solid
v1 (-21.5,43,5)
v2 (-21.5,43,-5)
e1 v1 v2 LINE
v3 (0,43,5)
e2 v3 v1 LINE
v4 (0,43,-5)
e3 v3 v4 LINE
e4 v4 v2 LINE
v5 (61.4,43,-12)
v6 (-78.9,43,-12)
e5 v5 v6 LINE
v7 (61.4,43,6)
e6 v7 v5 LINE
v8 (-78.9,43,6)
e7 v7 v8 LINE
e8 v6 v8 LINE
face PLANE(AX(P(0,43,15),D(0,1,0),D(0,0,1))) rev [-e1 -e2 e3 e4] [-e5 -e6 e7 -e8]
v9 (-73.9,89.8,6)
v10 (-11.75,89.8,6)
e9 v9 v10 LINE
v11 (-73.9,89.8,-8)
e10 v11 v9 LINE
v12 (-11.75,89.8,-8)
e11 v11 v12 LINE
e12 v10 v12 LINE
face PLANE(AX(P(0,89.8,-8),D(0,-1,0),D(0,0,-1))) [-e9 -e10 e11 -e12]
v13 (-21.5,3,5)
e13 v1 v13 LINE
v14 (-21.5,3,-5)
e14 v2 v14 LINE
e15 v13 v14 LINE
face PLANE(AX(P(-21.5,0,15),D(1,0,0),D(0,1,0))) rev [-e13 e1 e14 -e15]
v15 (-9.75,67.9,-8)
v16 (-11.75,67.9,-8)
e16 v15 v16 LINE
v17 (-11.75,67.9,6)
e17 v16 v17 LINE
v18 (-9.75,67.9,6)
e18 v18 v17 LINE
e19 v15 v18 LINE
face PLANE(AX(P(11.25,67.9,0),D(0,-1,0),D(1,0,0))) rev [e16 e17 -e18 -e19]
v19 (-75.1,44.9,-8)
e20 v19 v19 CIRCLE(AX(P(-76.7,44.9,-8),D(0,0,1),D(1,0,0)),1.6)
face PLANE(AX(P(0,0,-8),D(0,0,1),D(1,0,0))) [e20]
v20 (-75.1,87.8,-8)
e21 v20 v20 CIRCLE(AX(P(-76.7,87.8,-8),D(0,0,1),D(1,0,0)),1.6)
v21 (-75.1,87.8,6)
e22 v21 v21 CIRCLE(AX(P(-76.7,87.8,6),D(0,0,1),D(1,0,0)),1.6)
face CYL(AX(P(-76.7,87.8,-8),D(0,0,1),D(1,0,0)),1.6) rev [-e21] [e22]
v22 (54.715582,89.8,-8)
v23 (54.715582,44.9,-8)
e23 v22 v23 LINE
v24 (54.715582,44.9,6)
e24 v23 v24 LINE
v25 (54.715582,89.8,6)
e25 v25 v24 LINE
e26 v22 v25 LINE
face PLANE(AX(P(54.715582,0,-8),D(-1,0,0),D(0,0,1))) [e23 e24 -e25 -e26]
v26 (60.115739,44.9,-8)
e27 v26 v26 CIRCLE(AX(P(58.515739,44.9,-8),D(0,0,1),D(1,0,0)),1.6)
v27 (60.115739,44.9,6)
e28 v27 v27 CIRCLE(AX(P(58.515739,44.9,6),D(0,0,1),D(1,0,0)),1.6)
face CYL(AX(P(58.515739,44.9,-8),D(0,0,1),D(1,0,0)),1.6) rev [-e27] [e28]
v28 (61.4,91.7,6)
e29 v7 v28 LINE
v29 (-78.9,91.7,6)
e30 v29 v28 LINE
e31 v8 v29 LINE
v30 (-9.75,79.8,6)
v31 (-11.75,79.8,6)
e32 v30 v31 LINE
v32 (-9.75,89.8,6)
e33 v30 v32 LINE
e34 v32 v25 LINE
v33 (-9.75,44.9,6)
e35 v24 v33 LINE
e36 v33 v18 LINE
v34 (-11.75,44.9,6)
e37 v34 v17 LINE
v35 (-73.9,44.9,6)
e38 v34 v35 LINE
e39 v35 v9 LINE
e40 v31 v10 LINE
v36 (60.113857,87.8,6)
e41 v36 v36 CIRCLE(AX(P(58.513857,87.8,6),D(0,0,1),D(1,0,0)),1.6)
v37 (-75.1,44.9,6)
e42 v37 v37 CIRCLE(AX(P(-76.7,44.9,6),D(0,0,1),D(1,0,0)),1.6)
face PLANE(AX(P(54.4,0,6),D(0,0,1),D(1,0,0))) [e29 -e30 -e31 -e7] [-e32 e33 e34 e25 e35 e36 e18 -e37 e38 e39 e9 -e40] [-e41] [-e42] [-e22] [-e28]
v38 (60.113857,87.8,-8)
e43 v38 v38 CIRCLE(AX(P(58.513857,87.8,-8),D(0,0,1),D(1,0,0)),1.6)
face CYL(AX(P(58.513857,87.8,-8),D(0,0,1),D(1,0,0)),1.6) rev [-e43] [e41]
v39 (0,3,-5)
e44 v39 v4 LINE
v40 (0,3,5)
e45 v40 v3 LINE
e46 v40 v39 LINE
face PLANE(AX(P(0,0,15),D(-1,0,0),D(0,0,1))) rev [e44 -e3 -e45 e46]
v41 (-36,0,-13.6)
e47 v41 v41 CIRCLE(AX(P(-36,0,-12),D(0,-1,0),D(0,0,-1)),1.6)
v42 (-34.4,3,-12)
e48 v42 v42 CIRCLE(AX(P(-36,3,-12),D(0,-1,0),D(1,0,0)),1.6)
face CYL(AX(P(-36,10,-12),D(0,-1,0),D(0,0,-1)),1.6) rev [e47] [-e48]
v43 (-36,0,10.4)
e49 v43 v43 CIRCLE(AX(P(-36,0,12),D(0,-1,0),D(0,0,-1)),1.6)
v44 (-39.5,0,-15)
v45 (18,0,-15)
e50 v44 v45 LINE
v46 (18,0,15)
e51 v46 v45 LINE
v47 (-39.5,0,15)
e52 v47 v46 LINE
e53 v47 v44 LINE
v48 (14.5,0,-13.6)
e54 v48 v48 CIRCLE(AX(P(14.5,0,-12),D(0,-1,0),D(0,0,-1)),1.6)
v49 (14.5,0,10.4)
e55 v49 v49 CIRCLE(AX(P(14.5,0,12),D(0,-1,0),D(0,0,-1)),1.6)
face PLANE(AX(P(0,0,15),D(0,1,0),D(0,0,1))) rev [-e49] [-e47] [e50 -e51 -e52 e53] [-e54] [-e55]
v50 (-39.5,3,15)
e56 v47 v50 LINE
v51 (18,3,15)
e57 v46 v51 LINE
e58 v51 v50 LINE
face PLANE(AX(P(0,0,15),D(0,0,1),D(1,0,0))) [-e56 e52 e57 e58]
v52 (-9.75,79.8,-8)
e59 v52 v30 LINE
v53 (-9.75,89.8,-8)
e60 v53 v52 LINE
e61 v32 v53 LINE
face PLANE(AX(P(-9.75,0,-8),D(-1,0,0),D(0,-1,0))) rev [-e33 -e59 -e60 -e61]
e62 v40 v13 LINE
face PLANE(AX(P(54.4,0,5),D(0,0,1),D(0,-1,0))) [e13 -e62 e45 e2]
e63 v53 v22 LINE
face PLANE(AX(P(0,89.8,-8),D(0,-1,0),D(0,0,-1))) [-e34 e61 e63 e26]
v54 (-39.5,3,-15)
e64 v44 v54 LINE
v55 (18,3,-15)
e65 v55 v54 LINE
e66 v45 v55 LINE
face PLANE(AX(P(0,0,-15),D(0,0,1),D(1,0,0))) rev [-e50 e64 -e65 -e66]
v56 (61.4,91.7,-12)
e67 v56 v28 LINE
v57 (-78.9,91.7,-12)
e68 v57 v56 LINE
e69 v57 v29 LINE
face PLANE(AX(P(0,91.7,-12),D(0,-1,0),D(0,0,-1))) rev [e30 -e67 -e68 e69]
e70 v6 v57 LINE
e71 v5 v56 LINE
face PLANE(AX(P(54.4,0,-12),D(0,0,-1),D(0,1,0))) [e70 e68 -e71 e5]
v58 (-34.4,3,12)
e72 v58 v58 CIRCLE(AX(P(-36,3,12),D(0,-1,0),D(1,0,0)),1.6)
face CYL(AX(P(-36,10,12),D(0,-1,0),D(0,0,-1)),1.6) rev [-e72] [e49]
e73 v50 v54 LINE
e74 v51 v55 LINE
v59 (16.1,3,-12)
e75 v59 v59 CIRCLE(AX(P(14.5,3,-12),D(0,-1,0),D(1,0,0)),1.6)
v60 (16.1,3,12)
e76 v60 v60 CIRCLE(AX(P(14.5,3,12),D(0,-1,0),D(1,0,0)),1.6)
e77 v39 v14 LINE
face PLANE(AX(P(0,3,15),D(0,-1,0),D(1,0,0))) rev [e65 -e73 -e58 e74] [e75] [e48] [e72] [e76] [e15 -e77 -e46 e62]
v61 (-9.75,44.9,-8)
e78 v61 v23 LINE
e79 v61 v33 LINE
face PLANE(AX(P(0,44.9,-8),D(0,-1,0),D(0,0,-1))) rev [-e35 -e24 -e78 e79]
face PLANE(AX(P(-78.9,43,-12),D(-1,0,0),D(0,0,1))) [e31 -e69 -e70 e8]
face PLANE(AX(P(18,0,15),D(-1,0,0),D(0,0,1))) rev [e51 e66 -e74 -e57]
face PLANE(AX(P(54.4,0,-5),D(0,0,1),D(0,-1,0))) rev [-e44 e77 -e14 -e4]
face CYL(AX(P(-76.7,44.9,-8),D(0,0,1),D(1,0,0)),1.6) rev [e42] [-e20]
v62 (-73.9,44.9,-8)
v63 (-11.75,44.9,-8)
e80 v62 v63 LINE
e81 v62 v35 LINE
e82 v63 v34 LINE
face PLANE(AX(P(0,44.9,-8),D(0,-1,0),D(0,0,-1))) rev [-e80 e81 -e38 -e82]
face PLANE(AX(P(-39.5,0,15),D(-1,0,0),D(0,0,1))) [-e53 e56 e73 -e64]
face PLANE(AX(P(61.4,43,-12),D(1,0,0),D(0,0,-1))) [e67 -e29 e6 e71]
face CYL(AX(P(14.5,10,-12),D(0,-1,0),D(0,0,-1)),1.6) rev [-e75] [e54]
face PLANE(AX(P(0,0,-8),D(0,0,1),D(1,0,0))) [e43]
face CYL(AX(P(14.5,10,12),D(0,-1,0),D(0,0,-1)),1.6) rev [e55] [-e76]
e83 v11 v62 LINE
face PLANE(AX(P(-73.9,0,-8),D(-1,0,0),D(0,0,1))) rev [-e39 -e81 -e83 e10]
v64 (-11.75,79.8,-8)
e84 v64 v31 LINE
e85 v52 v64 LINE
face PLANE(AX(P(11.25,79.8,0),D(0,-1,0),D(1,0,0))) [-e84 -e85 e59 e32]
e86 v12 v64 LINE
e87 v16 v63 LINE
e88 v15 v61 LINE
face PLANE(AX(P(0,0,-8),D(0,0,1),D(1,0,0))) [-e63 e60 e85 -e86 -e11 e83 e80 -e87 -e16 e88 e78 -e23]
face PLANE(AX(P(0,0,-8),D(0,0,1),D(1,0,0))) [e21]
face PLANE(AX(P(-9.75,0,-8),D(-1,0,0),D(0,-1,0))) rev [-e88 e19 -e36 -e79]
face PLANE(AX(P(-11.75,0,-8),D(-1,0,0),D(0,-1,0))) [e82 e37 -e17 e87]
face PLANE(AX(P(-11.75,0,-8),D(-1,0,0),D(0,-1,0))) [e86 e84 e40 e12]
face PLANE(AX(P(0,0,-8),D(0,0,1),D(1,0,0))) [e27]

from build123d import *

# Parameters (mm, degrees)
SKETCH_1_W               = 126.3
SKETCH_1_H               = 42.9
SKETCH_1_W_2             = 2
SKETCH_1_W_3             = 62.15
EXTRUDE_6_DEPTH          = 15
SKETCH_2_W               = 62.15
SKETCH_2_H               = 42.9
CUT_EXTRUDE_1_DEPTH      = 23
SKETCH_4_W               = 10
SKETCH_4_H               = 40
CUT_EXTRUDE_2_DEPTH      = 159.899905601
CUT_EXTRUDE_3_DEPTH      = 119.456321064
CUT_EXTRUDE_3_DEPTH_BACK = 119.456321064
SKETCH_5_W               = 10
SKETCH_5_H               = 40
CUT_EXTRUDE_4_DEPTH      = 159.899905601
CUT_EXTRUDE_4_DEPTH_BACK = 159.899905601
SKETCH_6_W               = 9
SKETCH_6_H               = 46.7
SKETCH_7_W               = 14
SKETCH_7_H               = 11.9
CUT_EXTRUDE_5_DEPTH      = 23
SKETCH_9_R               = 1.6
CUT_EXTRUDE_6_DEPTH      = 10
CUT_EXTRUDE_7_DEPTH      = 159.899905601
CUT_EXTRUDE_7_DEPTH_BACK = 159.899905601
SKETCH_11_W              = 3
SKETCH_11_H              = 46.7
SKETCH_14_W              = 7
SKETCH_14_H              = 18
EXTRUDE_8_DEPTH          = 46.7
SKETCH_15_W              = 2.315581883
SKETCH_15_H              = 42.9
SKETCH_15_R              = 1.6
CUT_EXTRUDE_9_DEPTH      = 14
SKETCH_19_W              = 3
SKETCH_19_H              = 18
EXTRUDE_9_DEPTH          = 46.7
SKETCH_20_W              = 140.3
SKETCH_20_H              = 2
EXTRUDE_10_DEPTH         = 18
SKETCH_21_R              = 1.6
CUT_EXTRUDE_13_DEPTH     = 14
SKETCH_23_W              = 2
SKETCH_23_H              = 2
EXTRUDE_11_DEPTH         = 14


with BuildPart() as part:
    # 草图1 → 凸台-拉伸6 (new, symmetric)
    # profile 1 of 4: a face of its own
    with BuildSketch(Plane.XY):
        Polygon((-39.5, 0), (-39.5, 3), (-21.5, 3), (-21.5, 43), (-75.9, 43), (-75.9, 89.7), (54.4, 89.7), (54.4, 43), (0, 43), (0, 3), (18, 3), (18, 0), align=None)
        with Locations((-10.75, 66.35)):
            Rectangle(SKETCH_1_W, SKETCH_1_H, mode=Mode.SUBTRACT)
    # profile 2 of 4: a face of its own
    with BuildSketch(Plane.XY):
        with Locations((-10.75, 66.35)):
            Rectangle(SKETCH_1_W_2, SKETCH_1_H)
    # profile 3 of 4: a face of its own
    with BuildSketch(Plane.XY):
        with Locations((21.325, 66.35)):
            Rectangle(SKETCH_1_W_3, SKETCH_1_H)
    # profile 4 of 4: a face of its own
    with BuildSketch(Plane.XY):
        with Locations((-42.825, 66.35)):
            Rectangle(SKETCH_1_W_3, SKETCH_1_H)
    extrude(amount=EXTRUDE_6_DEPTH, both=True)

    # 草图2 → 切除-拉伸1 (cut)
    with BuildSketch(Plane.XY.offset(15)):
        with Locations((-42.825, 66.35)):
            Rectangle(SKETCH_2_W, SKETCH_2_H)
        with Locations((21.325, 66.35)):
            Rectangle(SKETCH_2_W, SKETCH_2_H)
    extrude(amount=-CUT_EXTRUDE_1_DEPTH, mode=Mode.SUBTRACT)

    # 草图4 → 切除-拉伸2 (cut, through all)
    with BuildSketch(Plane.ZY.offset(75.9)):
        with Locations((10, 23)):
            Rectangle(SKETCH_4_W, SKETCH_4_H)
    extrude(amount=-CUT_EXTRUDE_2_DEPTH, mode=Mode.SUBTRACT)

    # 草图5 → 切除-拉伸3 (cut, two sides: drawn at the far end of the back side and taken through both)
    with BuildSketch(Plane.ZY.offset(21.5).offset(-CUT_EXTRUDE_3_DEPTH_BACK)):
        with Locations((-10, 23)):
            Rectangle(SKETCH_5_W, SKETCH_5_H)
    extrude(amount=CUT_EXTRUDE_3_DEPTH + CUT_EXTRUDE_3_DEPTH_BACK, mode=Mode.SUBTRACT)

    # 草图6 → 切除-拉伸4 (cut, two sides: drawn at the far end of the back side and taken through both)
    with BuildSketch(Plane.ZY.offset(75.9).offset(-CUT_EXTRUDE_4_DEPTH_BACK)):
        with Locations((10.5, 66.35)):
            Rectangle(SKETCH_6_W, SKETCH_6_H)
    extrude(amount=CUT_EXTRUDE_4_DEPTH + CUT_EXTRUDE_4_DEPTH_BACK, mode=Mode.SUBTRACT)

    # 草图7 → 切除-拉伸5 (cut)
    with BuildSketch(Plane.ZY.offset(11.75)):
        with Locations((-1, 73.85)):
            Rectangle(SKETCH_7_W, SKETCH_7_H)
    extrude(amount=-CUT_EXTRUDE_5_DEPTH, mode=Mode.SUBTRACT)

    # 草图9 → 切除-拉伸6 (cut)
    with BuildSketch(Plane.XZ):
        with Locations(Location((-36, 12, 0), (0, 0, 270))):
            Circle(SKETCH_9_R)
        with Locations(Location((-36, -12, 0), (0, 0, 270))):
            Circle(SKETCH_9_R)
        with Locations(Location((14.5, 12, 0), (0, 0, 270))):
            Circle(SKETCH_9_R)
        with Locations(Location((14.5, -12, 0), (0, 0, 270))):
            Circle(SKETCH_9_R)
    extrude(amount=-CUT_EXTRUDE_6_DEPTH, mode=Mode.SUBTRACT)

    # 草图11 → 切除-拉伸7 (cut, two sides: drawn at the far end of the back side and taken through both)
    with BuildSketch(Plane.ZY.offset(75.9).offset(-CUT_EXTRUDE_7_DEPTH_BACK)):
        with Locations((-13.5, 66.35)):
            Rectangle(SKETCH_11_W, SKETCH_11_H)
    extrude(amount=CUT_EXTRUDE_7_DEPTH + CUT_EXTRUDE_7_DEPTH_BACK, mode=Mode.SUBTRACT)

    # 草图14 → 凸台-拉伸8 (add)
    with BuildSketch(Plane(origin=(0, 89.7, 0), x_dir=(1, 0, 0), z_dir=(0, 1, 0))):
        with Locations((57.9, 3)):
            Rectangle(SKETCH_14_W, SKETCH_14_H)
    extrude(amount=-EXTRUDE_8_DEPTH)

    # 草图15 → 切除-拉伸9 (cut)
    with BuildSketch(Plane.XY.offset(6)):
        with BuildLine():
            ThreePointArc((60.11573898, 44.9), (58.51573898, 46.5), (56.91573898, 44.9))
            ThreePointArc((56.91573898, 44.9), (58.51573898, 43.3), (60.11573898, 44.9))
        make_face()
        with Locations((53.557790942, 66.35)):
            Rectangle(SKETCH_15_W, SKETCH_15_H)
        Polygon((52.4, 44.9), (52.4, 87.8), (-9.75, 87.8), (-9.75, 79.8), (-11.75, 79.8), (-11.75, 87.8), (-73.9, 87.8), (-73.9, 44.9), (-11.75, 44.9), (-11.75, 67.9), (-9.75, 67.9), (-9.75, 44.9), align=None)
        with Locations((58.51385679, 87.8)):
            Circle(SKETCH_15_R)
    extrude(amount=-CUT_EXTRUDE_9_DEPTH, mode=Mode.SUBTRACT)

    # 草图19 → 凸台-拉伸9 (add)
    with BuildSketch(Plane(origin=(0, 89.7, 0), x_dir=(1, 0, 0), z_dir=(0, 1, 0))):
        with Locations((-77.4, 3)):
            Rectangle(SKETCH_19_W, SKETCH_19_H)
    extrude(amount=-EXTRUDE_9_DEPTH)

    # 草图20 → 凸台-拉伸10 (add)
    with BuildSketch(Plane.XY.offset(6)):
        with Locations((-8.75, 90.7)):
            Rectangle(SKETCH_20_W, SKETCH_20_H)
    extrude(amount=-EXTRUDE_10_DEPTH)

    # 草图21 → 切除-拉伸13 (cut)
    with BuildSketch(Plane.XY.offset(6)):
        with Locations((-76.7, 44.9)):
            Circle(SKETCH_21_R)
        Polygon((-73.9, 89.8), (-73.9, 87.8), (-11.75, 87.8), (54.715581883, 87.8), (54.715581883, 89.8), align=None)
        with Locations((-76.7, 87.8)):
            Circle(SKETCH_21_R)
    extrude(amount=-CUT_EXTRUDE_13_DEPTH, mode=Mode.SUBTRACT)

    # 草图23 → 凸台-拉伸11 (add)
    with BuildSketch(Plane.XY.offset(-8)):
        with Locations((-10.75, 88.8)):
            Rectangle(SKETCH_23_W, SKETCH_23_H)
    extrude(amount=EXTRUDE_11_DEPTH)


solid = part.part
